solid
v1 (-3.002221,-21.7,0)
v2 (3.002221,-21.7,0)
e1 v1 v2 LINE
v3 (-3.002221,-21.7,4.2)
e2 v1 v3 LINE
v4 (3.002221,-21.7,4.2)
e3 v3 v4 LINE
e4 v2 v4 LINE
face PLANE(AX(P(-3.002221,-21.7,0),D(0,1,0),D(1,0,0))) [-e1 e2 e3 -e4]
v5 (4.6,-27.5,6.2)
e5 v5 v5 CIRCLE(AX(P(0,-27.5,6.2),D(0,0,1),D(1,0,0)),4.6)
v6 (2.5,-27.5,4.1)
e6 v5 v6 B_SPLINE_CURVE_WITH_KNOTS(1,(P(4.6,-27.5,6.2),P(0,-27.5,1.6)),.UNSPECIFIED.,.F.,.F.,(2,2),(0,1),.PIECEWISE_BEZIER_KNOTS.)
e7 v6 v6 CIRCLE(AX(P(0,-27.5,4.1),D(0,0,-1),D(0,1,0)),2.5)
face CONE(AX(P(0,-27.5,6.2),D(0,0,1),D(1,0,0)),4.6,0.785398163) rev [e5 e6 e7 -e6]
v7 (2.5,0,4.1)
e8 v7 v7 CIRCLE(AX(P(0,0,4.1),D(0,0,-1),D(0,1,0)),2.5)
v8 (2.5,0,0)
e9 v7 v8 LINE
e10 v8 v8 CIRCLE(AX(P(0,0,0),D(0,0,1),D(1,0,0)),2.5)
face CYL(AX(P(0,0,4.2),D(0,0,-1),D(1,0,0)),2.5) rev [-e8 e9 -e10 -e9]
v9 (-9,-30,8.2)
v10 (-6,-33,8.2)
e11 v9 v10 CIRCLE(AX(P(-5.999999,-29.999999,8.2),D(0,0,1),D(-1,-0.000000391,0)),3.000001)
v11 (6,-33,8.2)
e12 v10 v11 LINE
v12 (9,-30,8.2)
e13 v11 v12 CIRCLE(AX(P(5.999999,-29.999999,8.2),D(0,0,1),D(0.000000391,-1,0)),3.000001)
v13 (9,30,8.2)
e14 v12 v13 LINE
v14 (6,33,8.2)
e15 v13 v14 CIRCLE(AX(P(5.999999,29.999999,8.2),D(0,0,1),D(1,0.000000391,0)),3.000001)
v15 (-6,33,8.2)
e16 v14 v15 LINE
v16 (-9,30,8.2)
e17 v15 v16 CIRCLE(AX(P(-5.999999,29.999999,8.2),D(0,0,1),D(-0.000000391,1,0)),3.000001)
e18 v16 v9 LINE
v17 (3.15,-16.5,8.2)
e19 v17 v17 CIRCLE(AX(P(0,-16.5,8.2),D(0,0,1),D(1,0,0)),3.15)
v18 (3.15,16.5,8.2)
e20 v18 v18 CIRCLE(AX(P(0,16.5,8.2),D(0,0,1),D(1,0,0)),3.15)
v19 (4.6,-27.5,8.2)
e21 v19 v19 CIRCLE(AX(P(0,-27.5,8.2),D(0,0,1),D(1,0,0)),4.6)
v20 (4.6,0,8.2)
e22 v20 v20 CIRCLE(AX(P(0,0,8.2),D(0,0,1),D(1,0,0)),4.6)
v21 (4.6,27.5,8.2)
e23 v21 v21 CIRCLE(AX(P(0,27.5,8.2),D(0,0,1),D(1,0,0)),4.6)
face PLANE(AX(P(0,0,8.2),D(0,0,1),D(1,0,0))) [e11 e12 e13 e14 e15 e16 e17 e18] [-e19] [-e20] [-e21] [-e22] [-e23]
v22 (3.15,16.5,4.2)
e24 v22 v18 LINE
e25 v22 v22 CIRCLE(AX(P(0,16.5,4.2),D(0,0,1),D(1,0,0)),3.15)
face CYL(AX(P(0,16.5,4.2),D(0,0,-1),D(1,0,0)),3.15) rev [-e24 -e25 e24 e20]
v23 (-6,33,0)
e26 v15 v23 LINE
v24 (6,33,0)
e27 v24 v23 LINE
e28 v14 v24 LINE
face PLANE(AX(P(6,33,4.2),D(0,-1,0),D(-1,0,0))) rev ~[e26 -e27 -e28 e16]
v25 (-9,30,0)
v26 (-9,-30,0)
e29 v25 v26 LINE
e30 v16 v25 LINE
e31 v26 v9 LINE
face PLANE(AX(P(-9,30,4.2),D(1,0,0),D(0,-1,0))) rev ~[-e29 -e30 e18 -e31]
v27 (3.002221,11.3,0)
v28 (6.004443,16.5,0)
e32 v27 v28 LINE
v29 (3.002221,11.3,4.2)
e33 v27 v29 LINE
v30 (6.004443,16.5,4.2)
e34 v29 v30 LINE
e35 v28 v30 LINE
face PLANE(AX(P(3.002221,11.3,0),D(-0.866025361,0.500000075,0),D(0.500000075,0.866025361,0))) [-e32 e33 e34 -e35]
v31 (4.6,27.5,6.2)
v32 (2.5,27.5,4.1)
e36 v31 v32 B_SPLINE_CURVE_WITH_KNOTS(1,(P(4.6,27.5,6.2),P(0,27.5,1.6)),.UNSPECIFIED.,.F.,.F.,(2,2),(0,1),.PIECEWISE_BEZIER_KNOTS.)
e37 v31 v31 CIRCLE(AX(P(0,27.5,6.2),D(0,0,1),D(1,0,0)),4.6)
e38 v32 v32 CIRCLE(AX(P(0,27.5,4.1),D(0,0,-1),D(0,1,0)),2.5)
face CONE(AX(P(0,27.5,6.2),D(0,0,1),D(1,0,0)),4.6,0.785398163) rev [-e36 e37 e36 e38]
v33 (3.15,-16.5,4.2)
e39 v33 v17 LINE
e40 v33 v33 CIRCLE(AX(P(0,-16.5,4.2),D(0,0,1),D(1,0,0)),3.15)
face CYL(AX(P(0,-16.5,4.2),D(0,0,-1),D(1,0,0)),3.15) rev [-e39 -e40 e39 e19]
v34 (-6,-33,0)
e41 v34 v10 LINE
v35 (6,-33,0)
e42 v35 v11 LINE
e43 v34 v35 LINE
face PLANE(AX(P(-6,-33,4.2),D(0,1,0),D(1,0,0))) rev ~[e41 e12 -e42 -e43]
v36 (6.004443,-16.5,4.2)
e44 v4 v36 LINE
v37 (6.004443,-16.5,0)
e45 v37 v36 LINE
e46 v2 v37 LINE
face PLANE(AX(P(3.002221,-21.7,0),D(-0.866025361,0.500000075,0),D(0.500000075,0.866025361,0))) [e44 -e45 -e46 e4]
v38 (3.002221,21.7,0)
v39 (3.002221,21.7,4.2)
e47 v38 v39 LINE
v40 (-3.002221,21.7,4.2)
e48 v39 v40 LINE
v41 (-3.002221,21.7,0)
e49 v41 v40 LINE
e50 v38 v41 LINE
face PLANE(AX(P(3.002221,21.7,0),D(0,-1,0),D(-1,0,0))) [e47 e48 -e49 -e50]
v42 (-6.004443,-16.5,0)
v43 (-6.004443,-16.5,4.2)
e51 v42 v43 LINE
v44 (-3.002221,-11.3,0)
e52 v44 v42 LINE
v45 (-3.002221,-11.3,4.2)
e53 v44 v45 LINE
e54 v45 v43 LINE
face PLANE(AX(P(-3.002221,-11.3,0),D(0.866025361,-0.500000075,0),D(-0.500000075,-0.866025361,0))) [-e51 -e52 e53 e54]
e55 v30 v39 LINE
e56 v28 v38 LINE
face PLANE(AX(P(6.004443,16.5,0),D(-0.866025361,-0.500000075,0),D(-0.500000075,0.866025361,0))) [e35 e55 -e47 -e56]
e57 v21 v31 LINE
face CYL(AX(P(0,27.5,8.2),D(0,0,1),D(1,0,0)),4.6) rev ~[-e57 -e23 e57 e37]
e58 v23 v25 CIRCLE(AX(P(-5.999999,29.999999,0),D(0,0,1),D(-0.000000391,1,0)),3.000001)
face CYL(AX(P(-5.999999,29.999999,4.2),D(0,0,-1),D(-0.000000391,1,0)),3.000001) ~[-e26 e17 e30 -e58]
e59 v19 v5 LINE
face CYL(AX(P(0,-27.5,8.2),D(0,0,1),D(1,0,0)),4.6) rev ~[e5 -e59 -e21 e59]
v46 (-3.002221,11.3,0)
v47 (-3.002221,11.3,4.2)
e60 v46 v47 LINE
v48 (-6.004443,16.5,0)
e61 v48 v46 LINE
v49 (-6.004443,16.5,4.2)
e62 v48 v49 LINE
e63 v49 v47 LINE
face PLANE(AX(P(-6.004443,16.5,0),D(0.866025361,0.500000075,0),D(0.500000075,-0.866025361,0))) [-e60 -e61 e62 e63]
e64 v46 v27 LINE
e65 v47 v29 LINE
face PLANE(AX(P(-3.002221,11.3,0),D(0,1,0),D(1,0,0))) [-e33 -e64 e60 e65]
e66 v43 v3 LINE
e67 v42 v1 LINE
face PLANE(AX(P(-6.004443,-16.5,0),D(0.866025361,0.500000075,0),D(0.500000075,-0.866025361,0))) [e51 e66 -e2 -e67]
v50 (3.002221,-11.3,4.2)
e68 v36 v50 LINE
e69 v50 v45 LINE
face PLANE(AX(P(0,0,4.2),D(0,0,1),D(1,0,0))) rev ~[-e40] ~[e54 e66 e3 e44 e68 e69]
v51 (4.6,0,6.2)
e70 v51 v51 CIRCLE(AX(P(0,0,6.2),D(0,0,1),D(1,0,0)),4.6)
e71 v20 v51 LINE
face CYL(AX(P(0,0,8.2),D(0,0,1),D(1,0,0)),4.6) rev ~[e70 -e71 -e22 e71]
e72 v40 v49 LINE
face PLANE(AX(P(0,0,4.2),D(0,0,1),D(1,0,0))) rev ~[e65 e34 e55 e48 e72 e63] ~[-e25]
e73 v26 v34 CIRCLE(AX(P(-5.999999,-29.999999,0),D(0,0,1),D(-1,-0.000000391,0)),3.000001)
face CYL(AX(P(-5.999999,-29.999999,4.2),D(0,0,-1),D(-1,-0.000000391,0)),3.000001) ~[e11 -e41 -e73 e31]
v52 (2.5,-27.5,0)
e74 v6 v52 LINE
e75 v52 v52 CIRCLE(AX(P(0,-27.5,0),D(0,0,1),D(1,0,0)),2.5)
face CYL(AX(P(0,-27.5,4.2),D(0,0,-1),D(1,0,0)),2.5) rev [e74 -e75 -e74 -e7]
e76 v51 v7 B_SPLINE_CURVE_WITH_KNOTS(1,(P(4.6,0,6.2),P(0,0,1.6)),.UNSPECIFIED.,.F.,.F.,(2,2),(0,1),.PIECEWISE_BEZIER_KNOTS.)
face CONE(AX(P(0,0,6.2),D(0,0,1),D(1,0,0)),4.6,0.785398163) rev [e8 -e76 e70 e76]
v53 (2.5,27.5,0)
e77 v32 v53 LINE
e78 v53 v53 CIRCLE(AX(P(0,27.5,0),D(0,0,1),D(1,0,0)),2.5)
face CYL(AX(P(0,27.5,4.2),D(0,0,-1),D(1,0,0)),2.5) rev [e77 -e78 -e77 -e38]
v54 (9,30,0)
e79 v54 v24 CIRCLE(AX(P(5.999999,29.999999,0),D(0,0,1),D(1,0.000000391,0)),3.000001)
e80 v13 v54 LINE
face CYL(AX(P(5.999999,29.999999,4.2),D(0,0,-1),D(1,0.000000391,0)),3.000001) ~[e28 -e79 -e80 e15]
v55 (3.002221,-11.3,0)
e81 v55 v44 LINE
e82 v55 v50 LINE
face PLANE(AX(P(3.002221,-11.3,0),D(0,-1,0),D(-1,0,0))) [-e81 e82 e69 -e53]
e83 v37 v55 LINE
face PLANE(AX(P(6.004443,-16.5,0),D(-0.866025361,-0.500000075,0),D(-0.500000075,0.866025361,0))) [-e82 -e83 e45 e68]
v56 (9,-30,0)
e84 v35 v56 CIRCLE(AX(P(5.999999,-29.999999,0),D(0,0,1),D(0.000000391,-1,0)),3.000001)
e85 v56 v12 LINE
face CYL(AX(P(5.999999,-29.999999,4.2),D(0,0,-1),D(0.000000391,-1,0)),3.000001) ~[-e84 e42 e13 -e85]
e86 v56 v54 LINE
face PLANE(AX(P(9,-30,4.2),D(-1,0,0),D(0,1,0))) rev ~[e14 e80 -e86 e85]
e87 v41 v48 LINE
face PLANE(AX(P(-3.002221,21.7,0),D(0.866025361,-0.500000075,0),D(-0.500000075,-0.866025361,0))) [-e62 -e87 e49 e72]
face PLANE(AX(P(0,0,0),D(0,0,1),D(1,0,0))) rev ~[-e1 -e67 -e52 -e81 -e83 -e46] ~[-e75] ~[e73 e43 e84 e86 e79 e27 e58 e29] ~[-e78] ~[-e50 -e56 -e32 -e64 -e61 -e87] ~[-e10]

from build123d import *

# Parameters (mm, degrees)
SKETCH009_R   = 2.5
PAD009_DEPTH  = 4.2
SKETCH010_R   = 2.5
SKETCH010_R_2 = 3.15
PAD010_DEPTH  = 4
SKETCH011_R   = 4.6
HOLE_DEPTH    = 2
HOLE_TIPS_R   = 4.6


with BuildPart() as part:
    # Sketch009 → Pad009 (new body)
    with BuildSketch(Plane.XY):
        with BuildLine():
            Line((-9, 30), (-9, -30))
            ThreePointArc((-9, -30), (-8.12132, -32.12132), (-6, -33))
            Line((-6, -33), (6, -33))
            ThreePointArc((6, -33), (8.12132, -32.12132), (9, -30))
            Line((9, -30), (9, 30))
            ThreePointArc((9, 30), (8.12132, 32.12132), (6, 33))
            Line((6, 33), (-6, 33))
            ThreePointArc((-6, 33), (-8.12132, 32.12132), (-9, 30))
        make_face()
        with Locations((0, 27.5)):
            Circle(SKETCH009_R, mode=Mode.SUBTRACT)
        with Locations((0, -27.5)):
            Circle(SKETCH009_R, mode=Mode.SUBTRACT)
        Circle(SKETCH009_R, mode=Mode.SUBTRACT)
        Polygon((3.002221, 11.3), (6.004443, 16.5), (3.002221, 21.7), (-3.002221, 21.7), (-6.004443, 16.5), (-3.002221, 11.3), align=None, mode=Mode.SUBTRACT)
        Polygon((-3.002221, -21.7), (3.002221, -21.7), (6.004443, -16.5), (3.002221, -11.3), (-3.002221, -11.3), (-6.004443, -16.5), align=None, mode=Mode.SUBTRACT)
    extrude(amount=PAD009_DEPTH)

    # Sketch010 (on Face25 of Pad009) → Pad010 (join)
    with BuildSketch(Plane.XY.offset(4.2)):
        with BuildLine():
            Line((-9, 30), (-9, -30))
            ThreePointArc((-9, -30), (-8.12132, -32.12132), (-6, -33))
            Line((-6, -33), (6, -33))
            ThreePointArc((6, -33), (8.12132, -32.12132), (9, -30))
            Line((9, -30), (9, 30))
            ThreePointArc((9, 30), (8.12132, 32.12132), (6, 33))
            Line((6, 33), (-6, 33))
            ThreePointArc((-6, 33), (-8.12132, 32.12132), (-9, 30))
        make_face()
        with Locations((0, 27.5)):
            Circle(SKETCH010_R, mode=Mode.SUBTRACT)
        Circle(SKETCH010_R, mode=Mode.SUBTRACT)
        with Locations((0, -27.5)):
            Circle(SKETCH010_R, mode=Mode.SUBTRACT)
        with Locations((0, 16.5)):
            Circle(SKETCH010_R_2, mode=Mode.SUBTRACT)
        with Locations((0, -16.5)):
            Circle(SKETCH010_R_2, mode=Mode.SUBTRACT)
    extrude(amount=PAD010_DEPTH)

    # Sketch011 (on Face17 of Pad010) → Hole (cut)
    with BuildSketch(Plane.XY.offset(8.2)):
        Circle(SKETCH011_R)
        with Locations((0, -27.5)):
            Circle(SKETCH011_R)
        with Locations((0, 27.5)):
            Circle(SKETCH011_R)
    extrude(amount=-HOLE_DEPTH, mode=Mode.SUBTRACT)

    # Hole tips → Hole tip 1 section 0
    with BuildSketch(Plane.XY.offset(6.2), mode=Mode.PRIVATE) as hole_tip_1_s0:
        Circle(HOLE_TIPS_R)
    loft([hole_tip_1_s0.sketch, Vertex(0, 0, 1.6)], mode=Mode.SUBTRACT)

    # Hole tips → Hole tip 2 section 0
    with BuildSketch(Plane.XY.offset(6.2), mode=Mode.PRIVATE) as hole_tip_2_s0:
        with Locations((0, -27.5)):
            Circle(HOLE_TIPS_R)
    loft([hole_tip_2_s0.sketch, Vertex(0, -27.5, 1.6)], mode=Mode.SUBTRACT)

    # Hole tips → Hole tip 3 section 0
    with BuildSketch(Plane.XY.offset(6.2), mode=Mode.PRIVATE) as hole_tip_3_s0:
        with Locations((0, 27.5)):
            Circle(HOLE_TIPS_R)
    loft([hole_tip_3_s0.sketch, Vertex(0, 27.5, 1.6)], mode=Mode.SUBTRACT)


solid = part.part
